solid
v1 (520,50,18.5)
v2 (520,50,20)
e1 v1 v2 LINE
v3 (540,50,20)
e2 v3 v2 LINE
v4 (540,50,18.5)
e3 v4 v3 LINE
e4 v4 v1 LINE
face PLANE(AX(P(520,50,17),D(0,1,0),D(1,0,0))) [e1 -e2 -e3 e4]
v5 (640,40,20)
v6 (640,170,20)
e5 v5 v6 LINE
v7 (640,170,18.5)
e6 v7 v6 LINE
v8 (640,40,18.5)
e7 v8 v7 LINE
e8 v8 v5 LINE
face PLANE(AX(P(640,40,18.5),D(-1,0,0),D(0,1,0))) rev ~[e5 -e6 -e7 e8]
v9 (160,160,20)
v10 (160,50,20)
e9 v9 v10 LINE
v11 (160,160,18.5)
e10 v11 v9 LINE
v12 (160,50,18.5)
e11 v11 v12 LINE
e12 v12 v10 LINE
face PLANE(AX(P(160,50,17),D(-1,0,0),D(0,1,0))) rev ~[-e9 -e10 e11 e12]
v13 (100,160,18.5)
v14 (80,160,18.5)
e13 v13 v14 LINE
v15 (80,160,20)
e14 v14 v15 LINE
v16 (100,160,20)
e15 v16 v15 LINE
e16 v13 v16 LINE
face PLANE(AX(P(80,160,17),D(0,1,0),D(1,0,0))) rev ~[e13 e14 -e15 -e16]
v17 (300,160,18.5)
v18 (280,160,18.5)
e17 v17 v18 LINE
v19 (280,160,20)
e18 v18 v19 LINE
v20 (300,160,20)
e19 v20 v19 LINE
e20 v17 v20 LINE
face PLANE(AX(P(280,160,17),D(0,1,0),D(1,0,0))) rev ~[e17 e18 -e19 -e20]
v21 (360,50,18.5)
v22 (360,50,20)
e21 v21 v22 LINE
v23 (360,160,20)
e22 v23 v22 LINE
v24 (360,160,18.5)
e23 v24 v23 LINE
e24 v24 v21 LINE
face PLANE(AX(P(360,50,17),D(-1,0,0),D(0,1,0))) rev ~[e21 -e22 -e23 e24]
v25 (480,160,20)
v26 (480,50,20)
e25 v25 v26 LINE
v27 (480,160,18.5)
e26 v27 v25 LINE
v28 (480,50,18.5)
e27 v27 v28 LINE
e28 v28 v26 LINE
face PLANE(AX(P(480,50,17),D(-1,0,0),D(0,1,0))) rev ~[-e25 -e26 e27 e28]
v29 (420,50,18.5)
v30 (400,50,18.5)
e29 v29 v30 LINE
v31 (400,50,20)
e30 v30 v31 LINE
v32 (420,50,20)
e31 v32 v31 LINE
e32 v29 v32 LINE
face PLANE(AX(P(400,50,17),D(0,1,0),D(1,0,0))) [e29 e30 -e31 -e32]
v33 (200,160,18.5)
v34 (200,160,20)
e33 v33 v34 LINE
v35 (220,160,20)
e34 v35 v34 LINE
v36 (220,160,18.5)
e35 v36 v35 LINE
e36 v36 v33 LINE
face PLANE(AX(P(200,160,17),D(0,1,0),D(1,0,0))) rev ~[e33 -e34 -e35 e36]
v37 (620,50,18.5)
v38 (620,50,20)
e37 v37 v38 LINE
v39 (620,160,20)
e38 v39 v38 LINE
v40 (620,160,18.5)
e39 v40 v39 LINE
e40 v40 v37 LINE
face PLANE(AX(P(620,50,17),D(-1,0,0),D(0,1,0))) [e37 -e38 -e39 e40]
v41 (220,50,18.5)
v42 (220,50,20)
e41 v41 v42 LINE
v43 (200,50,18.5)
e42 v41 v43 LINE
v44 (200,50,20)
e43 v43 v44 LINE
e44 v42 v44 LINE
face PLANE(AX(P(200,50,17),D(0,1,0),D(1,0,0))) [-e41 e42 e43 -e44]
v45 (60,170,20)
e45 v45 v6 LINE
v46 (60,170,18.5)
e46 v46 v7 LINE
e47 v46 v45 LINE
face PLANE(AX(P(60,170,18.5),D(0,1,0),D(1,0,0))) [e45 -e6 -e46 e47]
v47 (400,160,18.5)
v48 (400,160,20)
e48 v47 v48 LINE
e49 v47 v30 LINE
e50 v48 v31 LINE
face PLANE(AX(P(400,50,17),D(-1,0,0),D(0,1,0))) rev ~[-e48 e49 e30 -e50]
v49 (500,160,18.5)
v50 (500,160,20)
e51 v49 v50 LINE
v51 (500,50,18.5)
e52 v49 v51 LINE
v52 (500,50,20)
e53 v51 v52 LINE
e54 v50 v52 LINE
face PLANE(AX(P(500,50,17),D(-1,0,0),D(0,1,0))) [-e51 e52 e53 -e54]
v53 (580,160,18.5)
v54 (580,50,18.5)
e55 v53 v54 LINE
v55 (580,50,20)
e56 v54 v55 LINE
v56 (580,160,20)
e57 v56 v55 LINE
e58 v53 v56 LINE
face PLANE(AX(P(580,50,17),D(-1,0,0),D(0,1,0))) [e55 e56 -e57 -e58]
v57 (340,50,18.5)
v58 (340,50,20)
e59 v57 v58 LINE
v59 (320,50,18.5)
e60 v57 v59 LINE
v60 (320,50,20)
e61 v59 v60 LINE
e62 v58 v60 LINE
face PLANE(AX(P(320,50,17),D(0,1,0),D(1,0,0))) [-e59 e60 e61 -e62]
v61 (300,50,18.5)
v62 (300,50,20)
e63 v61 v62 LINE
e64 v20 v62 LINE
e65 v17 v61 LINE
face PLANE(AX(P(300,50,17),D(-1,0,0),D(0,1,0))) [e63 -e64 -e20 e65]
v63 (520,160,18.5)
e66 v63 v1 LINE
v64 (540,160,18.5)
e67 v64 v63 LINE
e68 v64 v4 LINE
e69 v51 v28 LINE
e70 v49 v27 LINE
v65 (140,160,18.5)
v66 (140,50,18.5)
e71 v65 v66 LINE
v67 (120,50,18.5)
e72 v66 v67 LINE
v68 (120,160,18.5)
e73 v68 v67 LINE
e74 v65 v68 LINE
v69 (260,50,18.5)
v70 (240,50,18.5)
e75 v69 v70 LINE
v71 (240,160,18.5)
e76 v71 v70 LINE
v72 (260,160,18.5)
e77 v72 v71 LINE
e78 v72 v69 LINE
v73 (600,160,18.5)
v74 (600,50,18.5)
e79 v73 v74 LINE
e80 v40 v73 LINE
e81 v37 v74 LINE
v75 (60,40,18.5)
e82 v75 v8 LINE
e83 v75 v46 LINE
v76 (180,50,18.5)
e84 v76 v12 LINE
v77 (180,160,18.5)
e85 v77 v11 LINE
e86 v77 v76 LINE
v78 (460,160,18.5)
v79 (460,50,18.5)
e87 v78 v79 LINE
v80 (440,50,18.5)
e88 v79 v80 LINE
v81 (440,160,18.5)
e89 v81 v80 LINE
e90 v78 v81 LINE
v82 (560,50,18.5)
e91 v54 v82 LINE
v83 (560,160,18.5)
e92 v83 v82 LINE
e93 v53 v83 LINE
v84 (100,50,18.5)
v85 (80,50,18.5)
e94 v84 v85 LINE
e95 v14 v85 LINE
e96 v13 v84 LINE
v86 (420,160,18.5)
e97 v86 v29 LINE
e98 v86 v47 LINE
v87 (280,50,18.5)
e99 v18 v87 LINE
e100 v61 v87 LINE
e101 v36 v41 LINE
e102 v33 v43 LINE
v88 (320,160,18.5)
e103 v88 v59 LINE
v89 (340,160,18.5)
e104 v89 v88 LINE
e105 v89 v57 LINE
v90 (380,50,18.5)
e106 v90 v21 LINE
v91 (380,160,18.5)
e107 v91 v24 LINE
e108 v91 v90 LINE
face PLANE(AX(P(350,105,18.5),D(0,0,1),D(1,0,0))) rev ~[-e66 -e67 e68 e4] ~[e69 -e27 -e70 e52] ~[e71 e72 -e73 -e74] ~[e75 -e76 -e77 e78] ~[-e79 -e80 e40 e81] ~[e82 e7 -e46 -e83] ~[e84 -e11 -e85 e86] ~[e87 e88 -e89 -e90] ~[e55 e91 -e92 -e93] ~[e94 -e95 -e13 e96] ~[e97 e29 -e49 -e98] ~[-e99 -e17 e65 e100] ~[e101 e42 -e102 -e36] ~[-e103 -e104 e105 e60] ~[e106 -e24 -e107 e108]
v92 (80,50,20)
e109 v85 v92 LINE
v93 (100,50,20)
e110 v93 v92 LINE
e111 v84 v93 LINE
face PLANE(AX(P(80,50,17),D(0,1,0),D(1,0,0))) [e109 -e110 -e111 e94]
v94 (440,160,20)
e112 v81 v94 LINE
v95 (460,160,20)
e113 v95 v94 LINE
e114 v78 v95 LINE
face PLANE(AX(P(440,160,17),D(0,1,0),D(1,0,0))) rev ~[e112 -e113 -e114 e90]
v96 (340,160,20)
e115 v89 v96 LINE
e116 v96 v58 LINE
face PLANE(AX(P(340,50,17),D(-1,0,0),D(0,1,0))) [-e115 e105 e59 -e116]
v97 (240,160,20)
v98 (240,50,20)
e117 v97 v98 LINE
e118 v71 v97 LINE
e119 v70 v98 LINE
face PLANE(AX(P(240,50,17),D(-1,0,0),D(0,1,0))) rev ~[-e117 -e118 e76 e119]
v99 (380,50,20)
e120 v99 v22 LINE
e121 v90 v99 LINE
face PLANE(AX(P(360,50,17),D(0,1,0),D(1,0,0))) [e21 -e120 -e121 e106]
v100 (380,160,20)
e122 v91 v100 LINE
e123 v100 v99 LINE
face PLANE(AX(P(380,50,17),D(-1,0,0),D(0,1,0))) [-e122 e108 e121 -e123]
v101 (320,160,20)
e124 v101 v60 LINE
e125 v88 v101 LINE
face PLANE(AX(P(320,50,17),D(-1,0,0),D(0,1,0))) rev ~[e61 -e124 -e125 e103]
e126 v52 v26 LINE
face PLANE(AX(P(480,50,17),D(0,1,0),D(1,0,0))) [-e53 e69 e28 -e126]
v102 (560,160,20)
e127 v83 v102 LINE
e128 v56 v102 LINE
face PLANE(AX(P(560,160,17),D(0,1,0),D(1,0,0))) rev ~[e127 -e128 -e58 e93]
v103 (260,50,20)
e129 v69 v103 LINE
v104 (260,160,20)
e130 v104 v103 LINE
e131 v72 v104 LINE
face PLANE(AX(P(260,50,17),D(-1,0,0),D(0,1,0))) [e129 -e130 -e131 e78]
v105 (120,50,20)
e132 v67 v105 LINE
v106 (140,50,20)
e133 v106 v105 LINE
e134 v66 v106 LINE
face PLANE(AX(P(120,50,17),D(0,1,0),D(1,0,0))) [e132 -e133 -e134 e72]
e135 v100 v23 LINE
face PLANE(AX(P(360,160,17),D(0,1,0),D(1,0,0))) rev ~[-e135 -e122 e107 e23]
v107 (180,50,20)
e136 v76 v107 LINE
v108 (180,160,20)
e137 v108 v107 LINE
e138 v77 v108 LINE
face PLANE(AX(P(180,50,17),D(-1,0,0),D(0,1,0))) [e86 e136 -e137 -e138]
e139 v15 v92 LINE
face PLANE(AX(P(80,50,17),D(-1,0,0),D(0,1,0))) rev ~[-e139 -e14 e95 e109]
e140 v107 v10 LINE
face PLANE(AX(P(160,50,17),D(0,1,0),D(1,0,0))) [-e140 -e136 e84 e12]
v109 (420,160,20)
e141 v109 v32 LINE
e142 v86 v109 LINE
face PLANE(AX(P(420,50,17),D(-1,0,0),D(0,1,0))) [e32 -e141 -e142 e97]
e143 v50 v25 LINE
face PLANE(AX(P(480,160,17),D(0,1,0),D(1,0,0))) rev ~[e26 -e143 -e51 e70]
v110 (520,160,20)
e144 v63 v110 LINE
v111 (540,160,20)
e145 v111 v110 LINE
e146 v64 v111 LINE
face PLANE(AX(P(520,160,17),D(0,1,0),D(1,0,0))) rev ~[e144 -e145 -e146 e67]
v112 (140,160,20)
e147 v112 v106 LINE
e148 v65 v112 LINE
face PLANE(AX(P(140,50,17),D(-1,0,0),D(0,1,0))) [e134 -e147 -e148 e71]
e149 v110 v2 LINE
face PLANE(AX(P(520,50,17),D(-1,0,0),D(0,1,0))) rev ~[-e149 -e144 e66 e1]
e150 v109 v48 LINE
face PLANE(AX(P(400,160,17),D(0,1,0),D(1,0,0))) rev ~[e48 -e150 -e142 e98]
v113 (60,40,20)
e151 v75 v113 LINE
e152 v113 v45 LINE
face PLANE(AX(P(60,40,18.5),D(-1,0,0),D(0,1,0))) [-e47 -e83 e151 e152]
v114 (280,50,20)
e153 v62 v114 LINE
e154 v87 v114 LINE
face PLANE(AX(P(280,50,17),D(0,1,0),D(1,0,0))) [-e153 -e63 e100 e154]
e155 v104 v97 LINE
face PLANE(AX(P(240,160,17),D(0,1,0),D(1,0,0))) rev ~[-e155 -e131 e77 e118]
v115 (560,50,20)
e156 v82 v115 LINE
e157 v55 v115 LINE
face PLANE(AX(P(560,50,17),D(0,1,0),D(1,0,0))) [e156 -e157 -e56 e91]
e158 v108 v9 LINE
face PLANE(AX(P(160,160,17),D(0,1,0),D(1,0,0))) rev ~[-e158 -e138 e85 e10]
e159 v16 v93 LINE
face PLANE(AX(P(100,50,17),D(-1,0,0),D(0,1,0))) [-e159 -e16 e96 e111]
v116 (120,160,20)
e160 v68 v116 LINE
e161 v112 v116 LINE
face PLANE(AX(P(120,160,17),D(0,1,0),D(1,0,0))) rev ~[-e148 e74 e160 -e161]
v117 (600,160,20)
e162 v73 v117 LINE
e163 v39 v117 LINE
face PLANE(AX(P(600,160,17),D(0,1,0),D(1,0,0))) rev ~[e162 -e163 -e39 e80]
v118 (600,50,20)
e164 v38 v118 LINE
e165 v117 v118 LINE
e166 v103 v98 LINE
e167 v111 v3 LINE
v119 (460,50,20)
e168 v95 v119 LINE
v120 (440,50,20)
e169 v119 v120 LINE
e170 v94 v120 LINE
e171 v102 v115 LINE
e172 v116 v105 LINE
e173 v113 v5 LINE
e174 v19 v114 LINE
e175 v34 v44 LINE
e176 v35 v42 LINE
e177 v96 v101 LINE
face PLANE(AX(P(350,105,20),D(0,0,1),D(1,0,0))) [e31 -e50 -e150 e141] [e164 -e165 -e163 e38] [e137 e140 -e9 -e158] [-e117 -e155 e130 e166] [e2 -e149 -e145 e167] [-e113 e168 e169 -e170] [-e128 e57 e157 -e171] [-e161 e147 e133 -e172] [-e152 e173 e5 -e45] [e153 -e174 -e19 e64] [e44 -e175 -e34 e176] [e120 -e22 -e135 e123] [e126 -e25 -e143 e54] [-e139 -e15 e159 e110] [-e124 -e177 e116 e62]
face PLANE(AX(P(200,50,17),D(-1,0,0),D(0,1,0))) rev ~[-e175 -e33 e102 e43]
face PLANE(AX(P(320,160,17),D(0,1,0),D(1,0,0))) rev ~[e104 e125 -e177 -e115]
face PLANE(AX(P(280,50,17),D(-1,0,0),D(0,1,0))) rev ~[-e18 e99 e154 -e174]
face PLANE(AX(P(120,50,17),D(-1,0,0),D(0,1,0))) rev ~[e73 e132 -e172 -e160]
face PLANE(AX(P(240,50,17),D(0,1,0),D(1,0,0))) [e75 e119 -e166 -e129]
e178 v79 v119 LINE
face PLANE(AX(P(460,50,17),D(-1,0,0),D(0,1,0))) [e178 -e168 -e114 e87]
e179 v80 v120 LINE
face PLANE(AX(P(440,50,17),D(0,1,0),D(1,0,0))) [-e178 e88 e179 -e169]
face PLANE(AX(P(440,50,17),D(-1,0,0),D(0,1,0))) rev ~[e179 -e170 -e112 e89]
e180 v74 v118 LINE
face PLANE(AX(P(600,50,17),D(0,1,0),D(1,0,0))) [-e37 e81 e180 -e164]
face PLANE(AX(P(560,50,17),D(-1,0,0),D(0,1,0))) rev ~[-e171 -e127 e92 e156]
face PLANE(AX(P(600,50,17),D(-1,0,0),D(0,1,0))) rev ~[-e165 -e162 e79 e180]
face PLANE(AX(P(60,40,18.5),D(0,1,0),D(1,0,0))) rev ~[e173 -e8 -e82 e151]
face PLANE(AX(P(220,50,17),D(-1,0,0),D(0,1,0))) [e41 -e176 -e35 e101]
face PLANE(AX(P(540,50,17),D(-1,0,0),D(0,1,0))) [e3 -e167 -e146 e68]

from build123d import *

# Parameters (mm, degrees)
TOPPING_PLINT_IZGARA_PANELI_1_START  = 18.5
SKETCH1_W                            = 580
SKETCH1_H                            = 130
TOPPING_PLINT_IZGARA_PANELI_1_DEPTH  = 1.5
TOPPING_PLINT_IZGARA_PANELI_2_START  = 17
SKETCH2_W                            = 20
SKETCH2_H                            = 110
TOPPING_PLINT_IZGARA_PANELI_2_DEPTH  = 4
TOPPING_PLINT_IZGARA_PANELI_3_START  = 17
SKETCH3_W                            = 20
SKETCH3_H                            = 110
TOPPING_PLINT_IZGARA_PANELI_3_DEPTH  = 4
TOPPING_PLINT_IZGARA_PANELI_4_START  = 17
SKETCH4_W                            = 20
SKETCH4_H                            = 110
TOPPING_PLINT_IZGARA_PANELI_4_DEPTH  = 4
TOPPING_PLINT_IZGARA_PANELI_5_START  = 17
SKETCH5_W                            = 20
SKETCH5_H                            = 110
TOPPING_PLINT_IZGARA_PANELI_5_DEPTH  = 4
TOPPING_PLINT_IZGARA_PANELI_6_START  = 17
SKETCH6_W                            = 20
SKETCH6_H                            = 110
TOPPING_PLINT_IZGARA_PANELI_6_DEPTH  = 4
TOPPING_PLINT_IZGARA_PANELI_7_START  = 17
SKETCH7_W                            = 20
SKETCH7_H                            = 110
TOPPING_PLINT_IZGARA_PANELI_7_DEPTH  = 4
TOPPING_PLINT_IZGARA_PANELI_8_START  = 17
SKETCH8_W                            = 20
SKETCH8_H                            = 110
TOPPING_PLINT_IZGARA_PANELI_8_DEPTH  = 4
TOPPING_PLINT_IZGARA_PANELI_9_START  = 17
SKETCH9_W                            = 20
SKETCH9_H                            = 110
TOPPING_PLINT_IZGARA_PANELI_9_DEPTH  = 4
TOPPING_PLINT_IZGARA_PANELI_10_START = 17
SKETCH10_W                           = 20
SKETCH10_H                           = 110
TOPPING_PLINT_IZGARA_PANELI_10_DEPTH = 4
TOPPING_PLINT_IZGARA_PANELI_11_START = 17
SKETCH11_W                           = 20
SKETCH11_H                           = 110
TOPPING_PLINT_IZGARA_PANELI_11_DEPTH = 4
TOPPING_PLINT_IZGARA_PANELI_12_START = 17
SKETCH12_W                           = 20
SKETCH12_H                           = 110
TOPPING_PLINT_IZGARA_PANELI_12_DEPTH = 4
TOPPING_PLINT_IZGARA_PANELI_13_START = 17
SKETCH13_W                           = 20
SKETCH13_H                           = 110
TOPPING_PLINT_IZGARA_PANELI_13_DEPTH = 4
TOPPING_PLINT_IZGARA_PANELI_14_START = 17
SKETCH14_W                           = 20
SKETCH14_H                           = 110
TOPPING_PLINT_IZGARA_PANELI_14_DEPTH = 4
TOPPING_PLINT_IZGARA_PANELI_15_START = 17
SKETCH15_W                           = 20
SKETCH15_H                           = 110
TOPPING_PLINT_IZGARA_PANELI_15_DEPTH = 4


with BuildPart() as part:
    # Sketch1 → TOPPING_plint_izgara_paneli_1 (new body)
    with BuildSketch(Plane.XY.offset(TOPPING_PLINT_IZGARA_PANELI_1_START)):
        with Locations((350, 105)):
            Rectangle(SKETCH1_W, SKETCH1_H)
    extrude(amount=TOPPING_PLINT_IZGARA_PANELI_1_DEPTH)

    # Sketch2 → TOPPING_plint_izgara_paneli_2 (cut)
    with BuildSketch(Plane.XY.offset(TOPPING_PLINT_IZGARA_PANELI_2_START)):
        with Locations((90, 105)):
            Rectangle(SKETCH2_W, SKETCH2_H)
    extrude(amount=TOPPING_PLINT_IZGARA_PANELI_2_DEPTH, mode=Mode.SUBTRACT)

    # Sketch3 → TOPPING_plint_izgara_paneli_3 (cut)
    with BuildSketch(Plane.XY.offset(TOPPING_PLINT_IZGARA_PANELI_3_START)):
        with Locations((130, 105)):
            Rectangle(SKETCH3_W, SKETCH3_H)
    extrude(amount=TOPPING_PLINT_IZGARA_PANELI_3_DEPTH, mode=Mode.SUBTRACT)

    # Sketch4 → TOPPING_plint_izgara_paneli_4 (cut)
    with BuildSketch(Plane.XY.offset(TOPPING_PLINT_IZGARA_PANELI_4_START)):
        with Locations((170, 105)):
            Rectangle(SKETCH4_W, SKETCH4_H)
    extrude(amount=TOPPING_PLINT_IZGARA_PANELI_4_DEPTH, mode=Mode.SUBTRACT)

    # Sketch5 → TOPPING_plint_izgara_paneli_5 (cut)
    with BuildSketch(Plane.XY.offset(TOPPING_PLINT_IZGARA_PANELI_5_START)):
        with Locations((210, 105)):
            Rectangle(SKETCH5_W, SKETCH5_H)
    extrude(amount=TOPPING_PLINT_IZGARA_PANELI_5_DEPTH, mode=Mode.SUBTRACT)

    # Sketch6 → TOPPING_plint_izgara_paneli_6 (cut)
    with BuildSketch(Plane.XY.offset(TOPPING_PLINT_IZGARA_PANELI_6_START)):
        with Locations((250, 105)):
            Rectangle(SKETCH6_W, SKETCH6_H)
    extrude(amount=TOPPING_PLINT_IZGARA_PANELI_6_DEPTH, mode=Mode.SUBTRACT)

    # Sketch7 → TOPPING_plint_izgara_paneli_7 (cut)
    with BuildSketch(Plane.XY.offset(TOPPING_PLINT_IZGARA_PANELI_7_START)):
        with Locations((290, 105)):
            Rectangle(SKETCH7_W, SKETCH7_H)
    extrude(amount=TOPPING_PLINT_IZGARA_PANELI_7_DEPTH, mode=Mode.SUBTRACT)

    # Sketch8 → TOPPING_plint_izgara_paneli_8 (cut)
    with BuildSketch(Plane.XY.offset(TOPPING_PLINT_IZGARA_PANELI_8_START)):
        with Locations((330, 105)):
            Rectangle(SKETCH8_W, SKETCH8_H)
    extrude(amount=TOPPING_PLINT_IZGARA_PANELI_8_DEPTH, mode=Mode.SUBTRACT)

    # Sketch9 → TOPPING_plint_izgara_paneli_9 (cut)
    with BuildSketch(Plane.XY.offset(TOPPING_PLINT_IZGARA_PANELI_9_START)):
        with Locations((370, 105)):
            Rectangle(SKETCH9_W, SKETCH9_H)
    extrude(amount=TOPPING_PLINT_IZGARA_PANELI_9_DEPTH, mode=Mode.SUBTRACT)

    # Sketch10 → TOPPING_plint_izgara_paneli_10 (cut)
    with BuildSketch(Plane.XY.offset(TOPPING_PLINT_IZGARA_PANELI_10_START)):
        with Locations((410, 105)):
            Rectangle(SKETCH10_W, SKETCH10_H)
    extrude(amount=TOPPING_PLINT_IZGARA_PANELI_10_DEPTH, mode=Mode.SUBTRACT)

    # Sketch11 → TOPPING_plint_izgara_paneli_11 (cut)
    with BuildSketch(Plane.XY.offset(TOPPING_PLINT_IZGARA_PANELI_11_START)):
        with Locations((450, 105)):
            Rectangle(SKETCH11_W, SKETCH11_H)
    extrude(amount=TOPPING_PLINT_IZGARA_PANELI_11_DEPTH, mode=Mode.SUBTRACT)

    # Sketch12 → TOPPING_plint_izgara_paneli_12 (cut)
    with BuildSketch(Plane.XY.offset(TOPPING_PLINT_IZGARA_PANELI_12_START)):
        with Locations((490, 105)):
            Rectangle(SKETCH12_W, SKETCH12_H)
    extrude(amount=TOPPING_PLINT_IZGARA_PANELI_12_DEPTH, mode=Mode.SUBTRACT)

    # Sketch13 → TOPPING_plint_izgara_paneli_13 (cut)
    with BuildSketch(Plane.XY.offset(TOPPING_PLINT_IZGARA_PANELI_13_START)):
        with Locations((530, 105)):
            Rectangle(SKETCH13_W, SKETCH13_H)
    extrude(amount=TOPPING_PLINT_IZGARA_PANELI_13_DEPTH, mode=Mode.SUBTRACT)

    # Sketch14 → TOPPING_plint_izgara_paneli_14 (cut)
    with BuildSketch(Plane.XY.offset(TOPPING_PLINT_IZGARA_PANELI_14_START)):
        with Locations((570, 105)):
            Rectangle(SKETCH14_W, SKETCH14_H)
    extrude(amount=TOPPING_PLINT_IZGARA_PANELI_14_DEPTH, mode=Mode.SUBTRACT)

    # Sketch15 → TOPPING_plint_izgara_paneli_15 (cut)
    with BuildSketch(Plane.XY.offset(TOPPING_PLINT_IZGARA_PANELI_15_START)):
        with Locations((610, 105)):
            Rectangle(SKETCH15_W, SKETCH15_H)
    extrude(amount=TOPPING_PLINT_IZGARA_PANELI_15_DEPTH, mode=Mode.SUBTRACT)


solid = part.part
